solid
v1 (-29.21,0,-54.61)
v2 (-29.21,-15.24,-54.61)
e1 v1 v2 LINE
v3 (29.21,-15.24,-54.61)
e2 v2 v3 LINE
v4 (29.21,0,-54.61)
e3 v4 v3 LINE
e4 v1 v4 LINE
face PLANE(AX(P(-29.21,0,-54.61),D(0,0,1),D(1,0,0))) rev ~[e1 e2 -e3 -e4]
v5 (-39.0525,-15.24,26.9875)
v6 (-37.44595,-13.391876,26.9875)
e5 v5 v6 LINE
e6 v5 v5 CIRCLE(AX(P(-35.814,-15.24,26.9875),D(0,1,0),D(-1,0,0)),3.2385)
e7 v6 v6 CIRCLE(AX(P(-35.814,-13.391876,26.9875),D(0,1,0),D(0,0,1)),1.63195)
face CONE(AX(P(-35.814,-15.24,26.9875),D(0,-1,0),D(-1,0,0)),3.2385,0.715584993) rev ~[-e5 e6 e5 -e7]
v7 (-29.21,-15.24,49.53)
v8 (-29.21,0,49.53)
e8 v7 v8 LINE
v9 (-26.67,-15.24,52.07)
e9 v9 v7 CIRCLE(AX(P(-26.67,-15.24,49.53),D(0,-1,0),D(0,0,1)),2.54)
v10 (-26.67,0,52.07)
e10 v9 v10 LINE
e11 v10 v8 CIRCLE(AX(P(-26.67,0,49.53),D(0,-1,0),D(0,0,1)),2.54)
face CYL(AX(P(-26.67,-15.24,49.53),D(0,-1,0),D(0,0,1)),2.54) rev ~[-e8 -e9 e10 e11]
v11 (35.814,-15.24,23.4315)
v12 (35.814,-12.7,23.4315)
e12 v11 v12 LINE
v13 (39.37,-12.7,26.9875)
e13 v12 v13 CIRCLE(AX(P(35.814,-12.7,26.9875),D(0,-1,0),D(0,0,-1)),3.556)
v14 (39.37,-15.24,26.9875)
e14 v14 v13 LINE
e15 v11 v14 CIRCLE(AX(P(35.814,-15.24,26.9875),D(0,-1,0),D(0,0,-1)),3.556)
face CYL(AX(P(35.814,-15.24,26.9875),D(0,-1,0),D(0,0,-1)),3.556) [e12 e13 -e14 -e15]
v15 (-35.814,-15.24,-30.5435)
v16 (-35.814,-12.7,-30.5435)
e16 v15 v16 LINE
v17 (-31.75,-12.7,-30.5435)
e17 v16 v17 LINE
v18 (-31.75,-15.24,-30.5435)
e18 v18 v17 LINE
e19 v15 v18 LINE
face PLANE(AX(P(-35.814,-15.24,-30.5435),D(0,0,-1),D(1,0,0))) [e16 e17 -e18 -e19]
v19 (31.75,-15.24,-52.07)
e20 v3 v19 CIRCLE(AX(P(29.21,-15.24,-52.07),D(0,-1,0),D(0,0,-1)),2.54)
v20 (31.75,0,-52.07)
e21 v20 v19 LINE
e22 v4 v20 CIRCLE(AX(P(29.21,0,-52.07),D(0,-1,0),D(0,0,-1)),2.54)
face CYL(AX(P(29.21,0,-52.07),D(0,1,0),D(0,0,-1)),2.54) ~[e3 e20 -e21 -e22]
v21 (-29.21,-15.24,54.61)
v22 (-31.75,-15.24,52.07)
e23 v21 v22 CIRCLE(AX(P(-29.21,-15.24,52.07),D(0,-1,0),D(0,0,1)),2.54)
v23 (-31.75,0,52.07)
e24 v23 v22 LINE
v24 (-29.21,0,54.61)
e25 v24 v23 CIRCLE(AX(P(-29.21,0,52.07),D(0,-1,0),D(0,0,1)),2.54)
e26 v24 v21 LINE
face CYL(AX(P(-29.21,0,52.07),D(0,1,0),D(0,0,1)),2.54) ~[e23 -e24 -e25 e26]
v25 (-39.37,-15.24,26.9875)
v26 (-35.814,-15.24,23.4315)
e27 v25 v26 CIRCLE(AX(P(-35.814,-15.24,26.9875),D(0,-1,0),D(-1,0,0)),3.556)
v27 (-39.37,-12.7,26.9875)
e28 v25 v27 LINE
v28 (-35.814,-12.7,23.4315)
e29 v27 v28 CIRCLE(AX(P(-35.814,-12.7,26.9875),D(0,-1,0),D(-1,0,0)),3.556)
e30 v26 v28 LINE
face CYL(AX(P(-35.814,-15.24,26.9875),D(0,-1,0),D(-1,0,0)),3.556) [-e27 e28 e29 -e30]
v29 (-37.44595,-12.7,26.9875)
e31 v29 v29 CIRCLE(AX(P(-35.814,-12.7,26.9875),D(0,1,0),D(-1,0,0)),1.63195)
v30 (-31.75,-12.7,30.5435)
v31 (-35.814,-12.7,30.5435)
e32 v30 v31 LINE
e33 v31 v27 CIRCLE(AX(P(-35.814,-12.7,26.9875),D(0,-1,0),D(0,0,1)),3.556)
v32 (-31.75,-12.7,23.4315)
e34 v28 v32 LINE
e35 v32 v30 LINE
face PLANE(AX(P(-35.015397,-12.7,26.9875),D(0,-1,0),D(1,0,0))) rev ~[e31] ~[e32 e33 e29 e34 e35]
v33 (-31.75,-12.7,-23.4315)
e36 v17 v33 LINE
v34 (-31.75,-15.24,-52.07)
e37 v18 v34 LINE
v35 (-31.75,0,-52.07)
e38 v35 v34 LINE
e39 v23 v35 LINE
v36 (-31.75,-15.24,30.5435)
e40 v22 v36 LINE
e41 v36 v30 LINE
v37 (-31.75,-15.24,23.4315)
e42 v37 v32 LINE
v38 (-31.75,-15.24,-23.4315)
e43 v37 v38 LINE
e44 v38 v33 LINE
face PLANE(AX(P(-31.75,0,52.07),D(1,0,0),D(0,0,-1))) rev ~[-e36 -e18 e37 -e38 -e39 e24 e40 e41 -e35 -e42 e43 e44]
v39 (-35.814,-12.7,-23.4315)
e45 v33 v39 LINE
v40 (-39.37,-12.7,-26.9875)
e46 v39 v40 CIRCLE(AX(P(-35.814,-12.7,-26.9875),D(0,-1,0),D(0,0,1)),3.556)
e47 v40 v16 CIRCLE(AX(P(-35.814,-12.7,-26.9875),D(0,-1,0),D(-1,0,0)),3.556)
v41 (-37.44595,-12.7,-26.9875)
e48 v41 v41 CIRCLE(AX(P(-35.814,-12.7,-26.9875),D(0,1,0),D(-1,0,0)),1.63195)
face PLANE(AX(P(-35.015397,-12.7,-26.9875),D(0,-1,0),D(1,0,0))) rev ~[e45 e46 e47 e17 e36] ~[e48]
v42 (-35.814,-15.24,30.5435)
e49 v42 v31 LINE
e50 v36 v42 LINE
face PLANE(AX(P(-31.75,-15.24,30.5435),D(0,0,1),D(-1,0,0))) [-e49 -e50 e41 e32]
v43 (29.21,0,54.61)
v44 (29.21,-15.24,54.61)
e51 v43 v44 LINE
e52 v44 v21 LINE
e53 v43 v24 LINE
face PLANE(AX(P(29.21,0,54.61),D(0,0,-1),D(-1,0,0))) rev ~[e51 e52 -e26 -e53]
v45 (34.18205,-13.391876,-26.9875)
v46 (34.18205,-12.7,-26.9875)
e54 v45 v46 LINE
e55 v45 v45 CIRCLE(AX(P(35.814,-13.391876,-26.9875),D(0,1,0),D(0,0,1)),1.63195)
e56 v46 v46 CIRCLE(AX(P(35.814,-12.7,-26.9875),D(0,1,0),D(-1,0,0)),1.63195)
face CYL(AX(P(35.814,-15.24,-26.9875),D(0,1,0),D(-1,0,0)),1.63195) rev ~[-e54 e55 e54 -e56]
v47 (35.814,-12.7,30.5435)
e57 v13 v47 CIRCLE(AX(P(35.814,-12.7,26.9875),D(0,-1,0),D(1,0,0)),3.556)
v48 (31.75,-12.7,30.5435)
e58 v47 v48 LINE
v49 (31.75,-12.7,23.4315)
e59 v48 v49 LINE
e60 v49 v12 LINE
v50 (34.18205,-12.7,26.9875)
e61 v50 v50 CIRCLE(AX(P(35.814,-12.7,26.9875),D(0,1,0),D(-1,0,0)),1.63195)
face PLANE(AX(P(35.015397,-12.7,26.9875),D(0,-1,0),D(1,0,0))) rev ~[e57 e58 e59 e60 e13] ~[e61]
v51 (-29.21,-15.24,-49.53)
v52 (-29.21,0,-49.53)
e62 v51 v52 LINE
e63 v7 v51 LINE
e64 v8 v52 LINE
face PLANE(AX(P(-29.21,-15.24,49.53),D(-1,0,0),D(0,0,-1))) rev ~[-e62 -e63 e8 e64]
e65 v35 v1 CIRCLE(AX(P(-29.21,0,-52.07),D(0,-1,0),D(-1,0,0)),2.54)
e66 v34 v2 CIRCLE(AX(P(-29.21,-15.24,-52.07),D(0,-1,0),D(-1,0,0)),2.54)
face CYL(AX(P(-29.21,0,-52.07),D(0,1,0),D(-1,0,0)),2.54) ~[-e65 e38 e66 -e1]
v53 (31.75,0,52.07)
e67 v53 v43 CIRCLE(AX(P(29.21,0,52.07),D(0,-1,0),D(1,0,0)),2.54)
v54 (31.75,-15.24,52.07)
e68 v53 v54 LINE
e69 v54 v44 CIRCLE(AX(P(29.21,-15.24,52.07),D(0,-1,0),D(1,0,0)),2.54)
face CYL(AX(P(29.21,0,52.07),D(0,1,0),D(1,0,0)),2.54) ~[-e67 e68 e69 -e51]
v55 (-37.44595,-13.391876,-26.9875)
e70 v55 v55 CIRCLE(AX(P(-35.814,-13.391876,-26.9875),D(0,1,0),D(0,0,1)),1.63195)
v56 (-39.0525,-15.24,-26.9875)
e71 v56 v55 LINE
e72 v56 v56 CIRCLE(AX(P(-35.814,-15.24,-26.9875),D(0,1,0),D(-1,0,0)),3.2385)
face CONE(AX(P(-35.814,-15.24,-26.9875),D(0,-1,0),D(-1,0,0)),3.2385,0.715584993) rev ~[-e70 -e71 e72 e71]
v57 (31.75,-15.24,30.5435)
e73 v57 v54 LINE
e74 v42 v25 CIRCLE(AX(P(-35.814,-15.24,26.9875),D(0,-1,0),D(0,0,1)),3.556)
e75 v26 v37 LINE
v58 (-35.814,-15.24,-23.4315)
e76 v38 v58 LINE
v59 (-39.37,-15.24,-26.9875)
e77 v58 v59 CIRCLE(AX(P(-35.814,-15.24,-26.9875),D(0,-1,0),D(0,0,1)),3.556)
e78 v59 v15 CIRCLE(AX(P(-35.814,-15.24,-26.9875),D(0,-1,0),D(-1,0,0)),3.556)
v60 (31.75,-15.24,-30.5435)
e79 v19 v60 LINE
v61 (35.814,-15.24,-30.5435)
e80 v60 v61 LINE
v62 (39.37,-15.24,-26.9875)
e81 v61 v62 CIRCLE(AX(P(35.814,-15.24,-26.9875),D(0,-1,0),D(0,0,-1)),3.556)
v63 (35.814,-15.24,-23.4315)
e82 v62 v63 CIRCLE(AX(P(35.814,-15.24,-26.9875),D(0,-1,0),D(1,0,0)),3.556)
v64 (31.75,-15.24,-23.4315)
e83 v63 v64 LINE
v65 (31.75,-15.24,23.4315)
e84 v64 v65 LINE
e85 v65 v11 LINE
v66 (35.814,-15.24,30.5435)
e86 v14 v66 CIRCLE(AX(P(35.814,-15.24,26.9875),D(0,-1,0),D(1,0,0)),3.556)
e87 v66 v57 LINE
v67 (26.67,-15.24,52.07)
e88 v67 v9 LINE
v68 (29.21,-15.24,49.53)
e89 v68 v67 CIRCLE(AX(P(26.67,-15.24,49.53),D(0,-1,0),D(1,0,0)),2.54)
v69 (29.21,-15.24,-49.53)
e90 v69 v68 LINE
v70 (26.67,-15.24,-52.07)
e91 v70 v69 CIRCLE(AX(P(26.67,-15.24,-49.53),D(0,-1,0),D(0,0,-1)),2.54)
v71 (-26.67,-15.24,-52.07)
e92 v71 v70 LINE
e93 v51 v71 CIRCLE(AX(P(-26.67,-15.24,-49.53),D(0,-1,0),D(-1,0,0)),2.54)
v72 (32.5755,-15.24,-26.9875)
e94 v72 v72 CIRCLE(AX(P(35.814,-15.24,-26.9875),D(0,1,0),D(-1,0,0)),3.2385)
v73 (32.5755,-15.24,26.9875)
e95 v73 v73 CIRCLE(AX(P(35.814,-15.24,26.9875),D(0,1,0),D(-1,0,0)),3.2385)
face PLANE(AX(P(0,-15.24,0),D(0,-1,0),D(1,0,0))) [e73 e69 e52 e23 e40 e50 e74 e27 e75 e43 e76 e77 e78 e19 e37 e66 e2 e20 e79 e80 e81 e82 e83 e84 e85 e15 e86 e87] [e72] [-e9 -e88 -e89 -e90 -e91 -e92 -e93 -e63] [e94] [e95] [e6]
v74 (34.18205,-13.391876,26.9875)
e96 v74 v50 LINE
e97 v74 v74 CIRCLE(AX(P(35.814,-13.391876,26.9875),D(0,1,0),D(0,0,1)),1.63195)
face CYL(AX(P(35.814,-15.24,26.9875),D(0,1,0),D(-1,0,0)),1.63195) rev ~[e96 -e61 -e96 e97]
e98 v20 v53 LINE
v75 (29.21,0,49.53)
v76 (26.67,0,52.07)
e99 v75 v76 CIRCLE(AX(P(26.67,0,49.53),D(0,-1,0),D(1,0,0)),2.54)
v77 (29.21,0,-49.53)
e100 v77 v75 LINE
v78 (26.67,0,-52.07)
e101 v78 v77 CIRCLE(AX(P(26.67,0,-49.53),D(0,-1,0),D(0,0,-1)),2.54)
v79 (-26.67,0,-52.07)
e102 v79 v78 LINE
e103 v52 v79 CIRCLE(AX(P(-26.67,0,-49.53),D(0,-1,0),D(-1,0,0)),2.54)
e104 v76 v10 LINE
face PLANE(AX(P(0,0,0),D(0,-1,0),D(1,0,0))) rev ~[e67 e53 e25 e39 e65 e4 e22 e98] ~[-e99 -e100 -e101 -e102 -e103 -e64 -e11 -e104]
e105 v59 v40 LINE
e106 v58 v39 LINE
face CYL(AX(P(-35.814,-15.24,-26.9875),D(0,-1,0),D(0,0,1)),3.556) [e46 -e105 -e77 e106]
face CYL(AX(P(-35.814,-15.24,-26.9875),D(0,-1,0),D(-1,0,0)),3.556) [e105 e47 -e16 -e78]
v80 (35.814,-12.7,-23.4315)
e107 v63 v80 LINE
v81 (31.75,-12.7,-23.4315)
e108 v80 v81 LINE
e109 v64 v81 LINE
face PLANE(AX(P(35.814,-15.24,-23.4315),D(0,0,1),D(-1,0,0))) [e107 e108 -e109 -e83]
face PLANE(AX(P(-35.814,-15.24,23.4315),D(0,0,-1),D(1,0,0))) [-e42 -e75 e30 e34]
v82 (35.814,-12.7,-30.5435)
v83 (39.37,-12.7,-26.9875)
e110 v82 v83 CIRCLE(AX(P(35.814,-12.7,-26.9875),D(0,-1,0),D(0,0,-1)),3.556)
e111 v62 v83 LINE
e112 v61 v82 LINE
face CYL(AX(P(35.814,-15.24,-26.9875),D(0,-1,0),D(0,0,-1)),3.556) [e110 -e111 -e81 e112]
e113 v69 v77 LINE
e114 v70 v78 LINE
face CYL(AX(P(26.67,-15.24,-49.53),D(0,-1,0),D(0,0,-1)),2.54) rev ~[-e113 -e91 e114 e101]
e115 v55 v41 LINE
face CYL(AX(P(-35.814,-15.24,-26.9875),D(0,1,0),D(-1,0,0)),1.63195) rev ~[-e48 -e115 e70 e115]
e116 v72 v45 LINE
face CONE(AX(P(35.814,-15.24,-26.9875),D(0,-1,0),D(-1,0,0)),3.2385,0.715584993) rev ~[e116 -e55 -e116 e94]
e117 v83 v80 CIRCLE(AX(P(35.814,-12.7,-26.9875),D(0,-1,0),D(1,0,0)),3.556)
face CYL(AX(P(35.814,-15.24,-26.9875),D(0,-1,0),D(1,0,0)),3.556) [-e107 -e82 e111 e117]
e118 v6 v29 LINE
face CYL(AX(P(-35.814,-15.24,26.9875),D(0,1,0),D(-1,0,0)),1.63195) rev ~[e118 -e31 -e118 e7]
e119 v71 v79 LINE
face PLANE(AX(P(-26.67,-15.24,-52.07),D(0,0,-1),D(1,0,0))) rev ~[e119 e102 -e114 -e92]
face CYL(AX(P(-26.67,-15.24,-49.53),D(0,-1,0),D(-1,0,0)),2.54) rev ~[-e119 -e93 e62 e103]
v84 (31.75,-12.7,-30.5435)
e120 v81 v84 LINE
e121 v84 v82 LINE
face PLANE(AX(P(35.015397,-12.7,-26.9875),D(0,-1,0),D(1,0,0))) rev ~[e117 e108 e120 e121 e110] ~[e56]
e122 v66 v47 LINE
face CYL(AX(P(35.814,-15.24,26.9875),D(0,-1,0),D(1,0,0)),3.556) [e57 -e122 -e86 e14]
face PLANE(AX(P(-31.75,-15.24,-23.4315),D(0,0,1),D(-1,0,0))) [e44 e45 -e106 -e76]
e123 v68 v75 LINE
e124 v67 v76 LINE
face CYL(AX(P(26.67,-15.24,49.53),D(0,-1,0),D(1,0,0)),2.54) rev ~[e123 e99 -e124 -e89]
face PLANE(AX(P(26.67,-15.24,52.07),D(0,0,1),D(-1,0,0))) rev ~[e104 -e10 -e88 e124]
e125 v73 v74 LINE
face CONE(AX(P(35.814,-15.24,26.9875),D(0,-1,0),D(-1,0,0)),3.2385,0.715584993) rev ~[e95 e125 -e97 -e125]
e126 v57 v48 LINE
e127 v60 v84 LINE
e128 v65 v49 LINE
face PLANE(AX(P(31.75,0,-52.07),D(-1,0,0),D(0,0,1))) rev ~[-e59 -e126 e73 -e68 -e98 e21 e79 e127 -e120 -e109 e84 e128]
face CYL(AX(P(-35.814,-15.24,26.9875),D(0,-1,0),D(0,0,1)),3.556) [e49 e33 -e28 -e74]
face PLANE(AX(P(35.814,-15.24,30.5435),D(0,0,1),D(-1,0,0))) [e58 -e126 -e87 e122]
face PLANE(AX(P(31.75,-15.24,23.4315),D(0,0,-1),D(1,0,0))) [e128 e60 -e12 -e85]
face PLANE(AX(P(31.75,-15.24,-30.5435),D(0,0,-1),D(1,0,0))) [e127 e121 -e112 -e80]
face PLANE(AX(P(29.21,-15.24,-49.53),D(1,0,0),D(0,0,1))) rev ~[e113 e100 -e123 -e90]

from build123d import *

# Parameters (mm, degrees)
F1_DEPTH       = 15.24
F3_DEPTH       = 2.54
F5_D           = 3.2639
F5_CSINK_D     = 6.477
F5_CSINK_ANGLE = 82
F7_DEPTH       = 15.241


with BuildPart() as f1:
    # F0 (on Front) → F1 (new body)
    with BuildSketch(Plane.XZ):
        with BuildLine():
            ThreePointArc((-31.75, -52.07), (-31.0060512242, -53.8660512242), (-29.21, -54.61))
            Line((-29.21, -54.61), (29.21, -54.61))
            ThreePointArc((29.21, -54.61), (31.0060512242, -53.8660512242), (31.75, -52.07))
            Line((31.75, -52.07), (31.75, 52.07))
            ThreePointArc((31.75, 52.07), (31.0060512242, 53.8660512242), (29.21, 54.61))
            Line((29.21, 54.61), (-29.21, 54.61))
            ThreePointArc((-29.21, 54.61), (-31.0060512242, 53.8660512242), (-31.75, 52.07))
            Line((-31.75, 52.07), (-31.75, -52.07))
        make_face()
    extrude(amount=F1_DEPTH)

    # F2 (on face) → F3 (join)
    with BuildSketch(Plane.XZ.offset(15.24)):
        with BuildLine():
            Line((-31.75, 23.4315), (-31.75, 30.5435))
            Line((-31.75, 30.5435), (-35.814, 30.5435))
            ThreePointArc((-35.814, 30.5435), (-38.3284717139, 29.5019717139), (-39.37, 26.9875))
            ThreePointArc((-39.37, 26.9875), (-38.3284717139, 24.4730282861), (-35.814, 23.4315))
            Line((-35.814, 23.4315), (-31.75, 23.4315))
        make_face()
        with BuildLine():
            Line((-31.75, -30.5435), (-31.75, -23.4315))
            Line((-31.75, -23.4315), (-35.814, -23.4315))
            ThreePointArc((-35.814, -23.4315), (-38.3284717139, -24.4730282861), (-39.37, -26.9875))
            ThreePointArc((-39.37, -26.9875), (-38.3284717139, -29.5019717139), (-35.814, -30.5435))
            Line((-35.814, -30.5435), (-31.75, -30.5435))
        make_face()
        with BuildLine():
            Line((35.814, 30.5435), (31.75, 30.5435))
            Line((31.75, 30.5435), (31.75, 23.4315))
            Line((31.75, 23.4315), (35.814, 23.4315))
            ThreePointArc((35.814, 23.4315), (38.3284717139, 24.4730282861), (39.37, 26.9875))
            ThreePointArc((39.37, 26.9875), (38.3284717139, 29.5019717139), (35.814, 30.5435))
        make_face()
        with BuildLine():
            Line((31.75, -23.4315), (31.75, -30.5435))
            Line((31.75, -30.5435), (35.814, -30.5435))
            ThreePointArc((35.814, -30.5435), (38.3284717139, -29.5019717139), (39.37, -26.9875))
            ThreePointArc((39.37, -26.9875), (38.3284717139, -24.4730282861), (35.814, -23.4315))
            Line((35.814, -23.4315), (31.75, -23.4315))
        make_face()
    extrude(amount=-F3_DEPTH)

    # F5 (through all)
    with Locations(Plane.XZ.offset(15.24)):
        with Locations((-35.814, 26.9875), (-35.814, -26.9875), (35.814, 26.9875), (35.814, -26.9875)):
            CounterSinkHole(F5_D / 2, F5_CSINK_D / 2, counter_sink_angle=F5_CSINK_ANGLE)

    # F6 (on face) → F7 (cut, through all)
    with BuildSketch(Plane.XZ.offset(15.24)):
        with BuildLine():
            Line((-26.67, -52.07), (26.67, -52.07))
            ThreePointArc((26.67, -52.07), (28.4660512242, -51.3260512242), (29.21, -49.53))
            Line((29.21, -49.53), (29.21, 49.53))
            ThreePointArc((29.21, 49.53), (28.4660512242, 51.3260512242), (26.67, 52.07))
            Line((26.67, 52.07), (-26.67, 52.07))
            ThreePointArc((-26.67, 52.07), (-28.4660512242, 51.3260512242), (-29.21, 49.53))
            Line((-29.21, 49.53), (-29.21, -49.53))
            ThreePointArc((-29.21, -49.53), (-28.4660512242, -51.3260512242), (-26.67, -52.07))
        make_face()
    extrude(amount=-F7_DEPTH, mode=Mode.SUBTRACT)


solid = f1.part
